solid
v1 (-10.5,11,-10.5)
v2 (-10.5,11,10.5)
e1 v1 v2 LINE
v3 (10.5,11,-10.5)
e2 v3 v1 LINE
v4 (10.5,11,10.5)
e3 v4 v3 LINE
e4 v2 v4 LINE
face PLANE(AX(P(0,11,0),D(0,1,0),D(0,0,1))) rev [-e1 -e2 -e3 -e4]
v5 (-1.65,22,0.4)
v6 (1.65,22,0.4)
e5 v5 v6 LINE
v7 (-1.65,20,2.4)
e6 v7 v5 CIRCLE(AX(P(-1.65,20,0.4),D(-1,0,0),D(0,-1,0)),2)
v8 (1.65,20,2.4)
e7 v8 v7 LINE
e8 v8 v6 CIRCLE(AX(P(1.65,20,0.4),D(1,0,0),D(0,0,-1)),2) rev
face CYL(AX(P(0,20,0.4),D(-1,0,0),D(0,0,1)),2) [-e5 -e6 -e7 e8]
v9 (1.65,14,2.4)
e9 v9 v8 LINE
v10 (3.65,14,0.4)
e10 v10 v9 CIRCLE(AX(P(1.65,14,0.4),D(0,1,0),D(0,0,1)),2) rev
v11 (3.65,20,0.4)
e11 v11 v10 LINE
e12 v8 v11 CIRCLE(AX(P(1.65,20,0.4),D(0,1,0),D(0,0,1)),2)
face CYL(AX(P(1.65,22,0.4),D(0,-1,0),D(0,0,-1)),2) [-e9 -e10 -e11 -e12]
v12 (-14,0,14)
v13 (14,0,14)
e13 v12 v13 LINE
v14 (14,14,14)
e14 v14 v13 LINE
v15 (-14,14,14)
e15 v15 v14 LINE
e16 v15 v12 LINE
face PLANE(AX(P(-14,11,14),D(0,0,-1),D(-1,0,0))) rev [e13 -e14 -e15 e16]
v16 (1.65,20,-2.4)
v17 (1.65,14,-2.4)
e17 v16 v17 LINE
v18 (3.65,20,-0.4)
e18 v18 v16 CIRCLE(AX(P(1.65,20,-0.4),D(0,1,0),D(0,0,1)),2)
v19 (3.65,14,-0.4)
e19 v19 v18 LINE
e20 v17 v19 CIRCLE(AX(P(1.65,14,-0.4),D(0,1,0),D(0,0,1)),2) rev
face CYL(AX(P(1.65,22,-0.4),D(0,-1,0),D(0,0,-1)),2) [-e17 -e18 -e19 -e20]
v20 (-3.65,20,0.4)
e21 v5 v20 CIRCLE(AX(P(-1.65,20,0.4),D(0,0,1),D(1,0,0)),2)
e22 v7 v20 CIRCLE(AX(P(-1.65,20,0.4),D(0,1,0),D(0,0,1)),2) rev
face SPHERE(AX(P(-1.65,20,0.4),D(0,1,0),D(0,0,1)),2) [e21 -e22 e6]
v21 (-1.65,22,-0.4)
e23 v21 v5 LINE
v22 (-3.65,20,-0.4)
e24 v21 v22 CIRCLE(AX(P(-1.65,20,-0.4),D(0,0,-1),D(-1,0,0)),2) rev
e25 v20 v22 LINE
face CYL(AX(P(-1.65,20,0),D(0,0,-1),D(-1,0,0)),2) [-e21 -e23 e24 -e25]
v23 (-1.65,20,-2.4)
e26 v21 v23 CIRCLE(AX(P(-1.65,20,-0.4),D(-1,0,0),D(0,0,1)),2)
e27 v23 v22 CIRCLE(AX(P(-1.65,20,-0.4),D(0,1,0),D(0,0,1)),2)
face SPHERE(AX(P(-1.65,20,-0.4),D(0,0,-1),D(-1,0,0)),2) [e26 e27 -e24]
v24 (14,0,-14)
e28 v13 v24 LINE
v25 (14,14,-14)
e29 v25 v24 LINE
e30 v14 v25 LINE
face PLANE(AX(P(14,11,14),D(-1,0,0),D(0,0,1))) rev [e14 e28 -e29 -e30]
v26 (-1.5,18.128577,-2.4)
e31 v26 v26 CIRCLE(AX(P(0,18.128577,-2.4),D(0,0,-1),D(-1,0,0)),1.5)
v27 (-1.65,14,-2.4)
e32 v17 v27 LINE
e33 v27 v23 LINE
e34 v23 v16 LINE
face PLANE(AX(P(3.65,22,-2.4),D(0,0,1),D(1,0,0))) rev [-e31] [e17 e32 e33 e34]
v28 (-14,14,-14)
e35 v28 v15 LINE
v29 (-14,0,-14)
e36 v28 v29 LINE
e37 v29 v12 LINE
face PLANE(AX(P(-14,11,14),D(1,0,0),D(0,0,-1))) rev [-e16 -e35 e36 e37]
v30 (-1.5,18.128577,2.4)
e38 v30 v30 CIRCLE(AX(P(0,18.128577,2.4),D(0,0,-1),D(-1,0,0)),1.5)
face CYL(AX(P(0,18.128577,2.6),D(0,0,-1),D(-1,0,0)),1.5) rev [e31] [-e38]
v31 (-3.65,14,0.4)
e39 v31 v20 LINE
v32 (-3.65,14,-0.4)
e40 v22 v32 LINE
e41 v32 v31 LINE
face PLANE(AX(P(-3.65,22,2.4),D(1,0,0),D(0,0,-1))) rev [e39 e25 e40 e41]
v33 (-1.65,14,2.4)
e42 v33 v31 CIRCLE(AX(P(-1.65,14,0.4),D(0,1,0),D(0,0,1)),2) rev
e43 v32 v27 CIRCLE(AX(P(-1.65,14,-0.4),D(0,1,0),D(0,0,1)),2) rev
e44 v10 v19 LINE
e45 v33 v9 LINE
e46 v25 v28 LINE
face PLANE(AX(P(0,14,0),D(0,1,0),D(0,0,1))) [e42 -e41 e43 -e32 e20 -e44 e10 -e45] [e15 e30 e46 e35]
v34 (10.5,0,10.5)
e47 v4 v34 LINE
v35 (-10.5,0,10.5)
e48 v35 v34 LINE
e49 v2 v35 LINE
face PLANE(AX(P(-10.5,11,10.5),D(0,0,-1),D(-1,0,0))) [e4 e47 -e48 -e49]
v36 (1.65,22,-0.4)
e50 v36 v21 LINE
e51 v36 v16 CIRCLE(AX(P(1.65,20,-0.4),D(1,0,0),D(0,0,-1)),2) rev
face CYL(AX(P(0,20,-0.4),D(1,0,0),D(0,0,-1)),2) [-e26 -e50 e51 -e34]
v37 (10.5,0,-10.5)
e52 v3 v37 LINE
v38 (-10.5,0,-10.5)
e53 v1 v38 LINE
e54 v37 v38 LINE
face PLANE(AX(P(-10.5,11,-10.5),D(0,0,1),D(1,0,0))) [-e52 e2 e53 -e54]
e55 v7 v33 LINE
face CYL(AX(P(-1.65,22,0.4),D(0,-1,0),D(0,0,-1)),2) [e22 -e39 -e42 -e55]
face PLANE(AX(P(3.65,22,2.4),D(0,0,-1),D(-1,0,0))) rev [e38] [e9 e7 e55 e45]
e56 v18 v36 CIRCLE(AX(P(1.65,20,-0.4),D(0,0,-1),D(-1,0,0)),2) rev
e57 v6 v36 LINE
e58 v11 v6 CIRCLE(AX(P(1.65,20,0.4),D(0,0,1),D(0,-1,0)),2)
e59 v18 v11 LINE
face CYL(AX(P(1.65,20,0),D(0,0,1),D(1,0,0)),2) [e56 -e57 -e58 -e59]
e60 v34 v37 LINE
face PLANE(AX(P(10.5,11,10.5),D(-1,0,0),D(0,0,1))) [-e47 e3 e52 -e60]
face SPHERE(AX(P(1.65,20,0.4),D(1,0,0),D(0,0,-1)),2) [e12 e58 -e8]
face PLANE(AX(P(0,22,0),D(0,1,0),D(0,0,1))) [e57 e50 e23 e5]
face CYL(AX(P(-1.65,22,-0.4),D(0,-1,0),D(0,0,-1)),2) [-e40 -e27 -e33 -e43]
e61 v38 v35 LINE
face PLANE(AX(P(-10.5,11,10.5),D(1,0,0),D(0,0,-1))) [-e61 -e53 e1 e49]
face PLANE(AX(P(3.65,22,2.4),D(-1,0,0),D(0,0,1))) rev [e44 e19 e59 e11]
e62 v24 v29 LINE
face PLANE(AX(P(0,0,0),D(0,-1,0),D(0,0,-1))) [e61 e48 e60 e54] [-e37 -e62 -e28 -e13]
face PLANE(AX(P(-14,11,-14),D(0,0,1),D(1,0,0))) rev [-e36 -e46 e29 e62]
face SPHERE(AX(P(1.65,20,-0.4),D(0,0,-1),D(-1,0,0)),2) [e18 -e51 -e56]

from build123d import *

# Parameters (mm, degrees)
SKETCH1_W           = 28
SKETCH1_H           = 28
SKETCH1_W_2         = 21
SKETCH1_H_2         = 21
BOSS_EXTRUDE1_DEPTH = 11
SKETCH2_W           = 28
SKETCH2_H           = 28
BOSS_EXTRUDE2_DEPTH = 3
SKETCH3_W           = 7.3
SKETCH3_H           = 4.8
BOSS_EXTRUDE3_DEPTH = 8
FILLET3_R           = 2
SKETCH4_R           = 1.5
CUT_EXTRUDE1_DEPTH  = 5


with BuildPart() as part:
    # Sketch1 → Boss-Extrude1 (new body)
    with BuildSketch(Plane(origin=(0, 0, 0), x_dir=(1, 0, 0), z_dir=(0, 1, 0))):
        Rectangle(SKETCH1_W, SKETCH1_H)
        Rectangle(SKETCH1_W_2, SKETCH1_H_2, mode=Mode.SUBTRACT)
    extrude(amount=BOSS_EXTRUDE1_DEPTH)

    # Sketch2 → Boss-Extrude2 (add)
    with BuildSketch(Plane(origin=(0, 11, 0), x_dir=(1, 0, 0), z_dir=(0, 1, 0))):
        Rectangle(SKETCH2_W, SKETCH2_H)
    extrude(amount=BOSS_EXTRUDE2_DEPTH)

    # Sketch3 → Boss-Extrude3 (add)
    with BuildSketch(Plane(origin=(0, 14, 0), x_dir=(1, 0, 0), z_dir=(0, 1, 0))):
        Rectangle(SKETCH3_W, SKETCH3_H)
    extrude(amount=BOSS_EXTRUDE3_DEPTH)

    # Fillet3
    fillet3_edges = [part.edges().sort_by_distance(p)[0] for p in [
        (-3.65, 18, -2.4),
        (-3.65, 18, 2.4),
        (3.65, 18, 2.4),
        (3.65, 18, -2.4),
        (-3.65, 22, 0),
        (0, 22, 2.4),
        (3.65, 22, 0),
        (0, 22, -2.4),
    ]]
    fillet(fillet3_edges, radius=FILLET3_R)

    # Sketch4 → Cut-Extrude1 (cut)
    with BuildSketch(Plane(origin=(0, 0, -2.4), x_dir=(-1, 0, 0), z_dir=(0, 0, -1))):
        with Locations((0, 18.128577291)):
            Circle(SKETCH4_R)
    extrude(amount=-CUT_EXTRUDE1_DEPTH, mode=Mode.SUBTRACT)


solid = part.part
